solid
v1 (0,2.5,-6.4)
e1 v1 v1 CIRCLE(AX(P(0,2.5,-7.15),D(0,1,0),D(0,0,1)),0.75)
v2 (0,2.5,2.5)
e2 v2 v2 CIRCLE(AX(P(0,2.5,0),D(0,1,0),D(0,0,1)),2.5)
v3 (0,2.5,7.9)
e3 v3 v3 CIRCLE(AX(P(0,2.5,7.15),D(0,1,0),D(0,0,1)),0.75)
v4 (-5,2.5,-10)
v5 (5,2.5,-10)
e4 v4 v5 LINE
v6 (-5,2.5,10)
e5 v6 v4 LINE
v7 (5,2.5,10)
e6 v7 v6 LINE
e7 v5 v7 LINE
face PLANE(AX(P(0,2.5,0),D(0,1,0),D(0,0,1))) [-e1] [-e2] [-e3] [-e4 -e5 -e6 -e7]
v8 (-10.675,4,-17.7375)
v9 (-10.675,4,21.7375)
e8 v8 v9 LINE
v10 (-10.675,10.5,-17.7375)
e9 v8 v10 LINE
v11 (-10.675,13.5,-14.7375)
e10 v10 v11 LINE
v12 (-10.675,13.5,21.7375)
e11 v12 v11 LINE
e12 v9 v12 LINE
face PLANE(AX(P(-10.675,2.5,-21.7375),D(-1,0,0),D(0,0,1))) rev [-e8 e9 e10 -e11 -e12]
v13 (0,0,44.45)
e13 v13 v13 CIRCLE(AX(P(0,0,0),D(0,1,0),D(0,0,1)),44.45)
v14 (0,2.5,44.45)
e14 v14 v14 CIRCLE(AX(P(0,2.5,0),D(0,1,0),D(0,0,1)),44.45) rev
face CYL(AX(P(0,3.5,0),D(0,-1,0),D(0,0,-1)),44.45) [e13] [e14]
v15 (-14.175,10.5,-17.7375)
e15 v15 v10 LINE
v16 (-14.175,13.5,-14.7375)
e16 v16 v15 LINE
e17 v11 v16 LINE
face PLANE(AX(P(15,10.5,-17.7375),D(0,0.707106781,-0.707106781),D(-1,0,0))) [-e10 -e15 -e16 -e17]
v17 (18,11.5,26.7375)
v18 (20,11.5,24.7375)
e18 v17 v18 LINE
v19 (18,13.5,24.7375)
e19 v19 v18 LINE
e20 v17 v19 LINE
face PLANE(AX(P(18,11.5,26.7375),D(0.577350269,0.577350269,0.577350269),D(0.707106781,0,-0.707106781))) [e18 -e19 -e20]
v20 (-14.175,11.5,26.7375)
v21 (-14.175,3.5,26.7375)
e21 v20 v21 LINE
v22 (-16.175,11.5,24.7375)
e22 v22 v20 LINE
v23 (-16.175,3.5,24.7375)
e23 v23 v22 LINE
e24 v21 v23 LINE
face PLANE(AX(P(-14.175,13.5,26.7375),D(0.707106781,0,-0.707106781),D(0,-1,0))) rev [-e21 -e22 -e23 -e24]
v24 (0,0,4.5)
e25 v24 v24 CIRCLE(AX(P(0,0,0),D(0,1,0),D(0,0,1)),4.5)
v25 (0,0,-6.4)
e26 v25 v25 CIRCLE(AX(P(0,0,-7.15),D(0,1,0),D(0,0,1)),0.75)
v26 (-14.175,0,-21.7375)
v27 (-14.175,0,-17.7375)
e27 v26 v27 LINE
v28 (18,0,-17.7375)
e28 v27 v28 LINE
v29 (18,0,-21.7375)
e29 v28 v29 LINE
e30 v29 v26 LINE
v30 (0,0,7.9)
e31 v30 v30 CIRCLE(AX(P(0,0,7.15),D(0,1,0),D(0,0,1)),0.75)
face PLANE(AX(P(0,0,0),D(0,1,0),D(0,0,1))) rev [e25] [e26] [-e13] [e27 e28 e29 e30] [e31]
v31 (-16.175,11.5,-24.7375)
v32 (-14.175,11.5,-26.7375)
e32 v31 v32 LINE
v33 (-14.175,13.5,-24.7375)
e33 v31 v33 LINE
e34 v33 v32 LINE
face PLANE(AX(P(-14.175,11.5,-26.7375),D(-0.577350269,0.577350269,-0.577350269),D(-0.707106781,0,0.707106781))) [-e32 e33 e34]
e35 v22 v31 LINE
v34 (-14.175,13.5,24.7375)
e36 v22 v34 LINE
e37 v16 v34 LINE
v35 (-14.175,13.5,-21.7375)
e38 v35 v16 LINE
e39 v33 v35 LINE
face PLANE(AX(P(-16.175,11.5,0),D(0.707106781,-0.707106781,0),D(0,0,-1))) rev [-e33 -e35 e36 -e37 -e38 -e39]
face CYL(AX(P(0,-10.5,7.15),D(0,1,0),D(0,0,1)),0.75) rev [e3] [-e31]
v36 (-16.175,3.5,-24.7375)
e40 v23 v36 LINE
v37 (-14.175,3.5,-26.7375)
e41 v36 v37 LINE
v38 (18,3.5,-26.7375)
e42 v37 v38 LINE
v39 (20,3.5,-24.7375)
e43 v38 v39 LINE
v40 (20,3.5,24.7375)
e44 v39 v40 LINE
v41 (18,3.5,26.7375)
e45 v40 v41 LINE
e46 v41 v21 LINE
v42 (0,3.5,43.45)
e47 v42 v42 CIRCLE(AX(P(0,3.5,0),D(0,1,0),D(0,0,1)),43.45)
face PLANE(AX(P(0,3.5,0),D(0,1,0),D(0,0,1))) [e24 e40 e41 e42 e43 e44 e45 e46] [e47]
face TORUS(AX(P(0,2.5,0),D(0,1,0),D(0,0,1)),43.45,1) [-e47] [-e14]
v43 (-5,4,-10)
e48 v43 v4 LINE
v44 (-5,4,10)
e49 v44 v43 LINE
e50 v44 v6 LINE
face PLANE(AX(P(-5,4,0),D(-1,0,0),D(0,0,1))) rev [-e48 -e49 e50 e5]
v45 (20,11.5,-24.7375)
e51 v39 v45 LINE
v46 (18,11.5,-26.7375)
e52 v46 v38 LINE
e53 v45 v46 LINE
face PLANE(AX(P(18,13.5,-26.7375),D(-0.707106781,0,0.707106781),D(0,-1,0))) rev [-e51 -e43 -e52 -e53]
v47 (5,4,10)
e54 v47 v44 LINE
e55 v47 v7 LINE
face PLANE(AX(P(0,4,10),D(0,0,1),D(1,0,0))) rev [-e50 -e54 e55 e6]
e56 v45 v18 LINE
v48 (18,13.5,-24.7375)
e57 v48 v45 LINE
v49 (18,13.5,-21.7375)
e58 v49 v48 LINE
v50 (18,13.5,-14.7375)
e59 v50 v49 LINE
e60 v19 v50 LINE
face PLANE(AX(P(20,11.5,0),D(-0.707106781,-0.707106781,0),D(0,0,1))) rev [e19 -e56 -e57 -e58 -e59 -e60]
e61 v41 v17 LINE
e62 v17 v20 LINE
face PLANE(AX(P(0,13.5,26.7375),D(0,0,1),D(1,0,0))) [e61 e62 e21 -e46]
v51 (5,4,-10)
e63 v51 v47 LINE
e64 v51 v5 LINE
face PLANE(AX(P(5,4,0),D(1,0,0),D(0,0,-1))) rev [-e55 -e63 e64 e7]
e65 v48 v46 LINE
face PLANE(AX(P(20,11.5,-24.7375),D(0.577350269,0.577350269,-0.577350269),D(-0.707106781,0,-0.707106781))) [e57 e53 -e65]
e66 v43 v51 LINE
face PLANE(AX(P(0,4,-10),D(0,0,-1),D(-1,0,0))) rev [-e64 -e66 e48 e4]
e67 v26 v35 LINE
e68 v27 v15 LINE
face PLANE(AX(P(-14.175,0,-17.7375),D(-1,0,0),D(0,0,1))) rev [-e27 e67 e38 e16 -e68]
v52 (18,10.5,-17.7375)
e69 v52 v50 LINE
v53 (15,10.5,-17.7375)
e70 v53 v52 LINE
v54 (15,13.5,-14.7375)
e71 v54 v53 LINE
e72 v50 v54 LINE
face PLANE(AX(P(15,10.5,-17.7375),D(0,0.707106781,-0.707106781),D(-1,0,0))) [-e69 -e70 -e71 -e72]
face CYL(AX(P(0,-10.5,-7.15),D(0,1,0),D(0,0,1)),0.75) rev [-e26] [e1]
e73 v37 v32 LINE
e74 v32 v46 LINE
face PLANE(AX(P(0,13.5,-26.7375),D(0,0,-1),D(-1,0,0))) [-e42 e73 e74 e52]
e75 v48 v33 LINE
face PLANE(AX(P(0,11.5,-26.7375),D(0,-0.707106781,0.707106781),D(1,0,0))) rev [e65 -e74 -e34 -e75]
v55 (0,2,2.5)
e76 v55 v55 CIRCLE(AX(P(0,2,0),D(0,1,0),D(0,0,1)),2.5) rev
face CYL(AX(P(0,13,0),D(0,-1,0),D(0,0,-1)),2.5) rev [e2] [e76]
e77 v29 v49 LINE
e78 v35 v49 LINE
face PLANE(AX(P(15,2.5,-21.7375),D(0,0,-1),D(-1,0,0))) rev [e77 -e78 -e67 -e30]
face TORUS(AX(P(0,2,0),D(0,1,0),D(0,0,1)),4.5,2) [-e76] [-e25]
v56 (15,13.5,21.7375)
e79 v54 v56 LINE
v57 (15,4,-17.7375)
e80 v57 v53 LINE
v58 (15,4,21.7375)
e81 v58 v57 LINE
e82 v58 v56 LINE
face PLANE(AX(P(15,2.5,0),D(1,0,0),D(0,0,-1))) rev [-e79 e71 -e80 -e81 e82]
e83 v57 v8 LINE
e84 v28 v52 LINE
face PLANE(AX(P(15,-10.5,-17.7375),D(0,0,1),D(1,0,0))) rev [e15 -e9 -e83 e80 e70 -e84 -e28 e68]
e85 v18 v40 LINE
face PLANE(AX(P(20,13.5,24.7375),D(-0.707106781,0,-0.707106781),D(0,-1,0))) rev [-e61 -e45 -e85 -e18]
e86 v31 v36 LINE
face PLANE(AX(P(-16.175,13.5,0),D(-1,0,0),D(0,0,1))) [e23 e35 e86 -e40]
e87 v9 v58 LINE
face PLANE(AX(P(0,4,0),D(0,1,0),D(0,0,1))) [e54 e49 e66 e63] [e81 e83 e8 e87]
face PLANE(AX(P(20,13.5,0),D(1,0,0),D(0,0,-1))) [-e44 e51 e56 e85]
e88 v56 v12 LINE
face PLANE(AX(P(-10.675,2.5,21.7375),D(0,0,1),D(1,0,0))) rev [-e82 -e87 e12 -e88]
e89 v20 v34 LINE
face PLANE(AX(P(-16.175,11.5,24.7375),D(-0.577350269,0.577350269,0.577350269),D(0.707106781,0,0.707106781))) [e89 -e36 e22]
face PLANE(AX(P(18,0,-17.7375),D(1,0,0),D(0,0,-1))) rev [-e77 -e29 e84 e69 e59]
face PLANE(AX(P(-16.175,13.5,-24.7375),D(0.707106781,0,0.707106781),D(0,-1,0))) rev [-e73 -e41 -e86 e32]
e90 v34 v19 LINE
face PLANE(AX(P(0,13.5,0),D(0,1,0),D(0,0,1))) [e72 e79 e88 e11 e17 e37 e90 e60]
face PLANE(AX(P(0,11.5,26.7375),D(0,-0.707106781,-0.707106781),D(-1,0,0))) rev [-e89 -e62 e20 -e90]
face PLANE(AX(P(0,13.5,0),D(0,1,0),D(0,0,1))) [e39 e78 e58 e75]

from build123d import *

# Parameters (mm, degrees)
SKETCH1_R           = 44.45
BOSS_EXTRUDE1_DEPTH = 3.5
CUT_EXTRUDE1_DEPTH  = 1
SKETCH3_W           = 25.675
SKETCH3_H           = 43.475
BOSS_EXTRUDE2_DEPTH = 10
SKETCH4_W           = 25.675
SKETCH4_H           = 4
CUT_EXTRUDE2_DEPTH  = 13
SKETCH5_R           = 0.75
CUT_EXTRUDE3_DEPTH  = 13
SKETCH6_R           = 2.5
CUT_EXTRUDE4_DEPTH  = 13
FILLET1_R           = 1
CHAMFER1_SIZE       = 2
FILLET2_R           = 2
SKETCH8_W           = 3.5
SKETCH8_H           = 4
CUT_EXTRUDE6_DEPTH  = 14.5000001
SKETCH10_W          = 3
SKETCH10_H          = 4
CUT_EXTRUDE7_DEPTH  = 14.5000001
CHAMFER2_SIZE       = 3
SKETCH11_W          = 25.675
SKETCH11_H          = 39.475
BOSS_EXTRUDE3_DEPTH = 1.5


with BuildPart() as part:
    # Sketch1 → Boss-Extrude1 (new body)
    with BuildSketch(Plane(origin=(0, 0, 0), x_dir=(1, 0, 0), z_dir=(0, 1, 0))):
        Circle(SKETCH1_R)
    extrude(amount=BOSS_EXTRUDE1_DEPTH)

    # Sketch2 → Cut-Extrude1 (cut)
    with BuildSketch(Plane(origin=(0, 3.5, 0), x_dir=(1, 0, 0), z_dir=(0, 1, 0))):
        Polygon((15, 0), (15, -21.7375), (-10.675, -21.7375), (-10.675, 21.7375), (15, 21.7375), align=None)
    extrude(amount=-CUT_EXTRUDE1_DEPTH, mode=Mode.SUBTRACT)

    # Sketch3 → Boss-Extrude2 (add)
    with BuildSketch(Plane(origin=(0, 3.5, 0), x_dir=(1, 0, 0), z_dir=(0, 1, 0))):
        Polygon((20, -26.7375), (15, -26.7375), (-16.175, -26.7375), (-16.175, 26.7375), (20, 26.7375), align=None)
        with Locations((2.1625, 0)):
            Rectangle(SKETCH3_W, SKETCH3_H, mode=Mode.SUBTRACT)
    extrude(amount=BOSS_EXTRUDE2_DEPTH)

    # Sketch4 → Cut-Extrude2 (cut)
    with BuildSketch(Plane(origin=(0, 2.5, 0), x_dir=(1, 0, 0), z_dir=(0, 1, 0))):
        with Locations((2.1625, 19.7375)):
            Rectangle(SKETCH4_W, SKETCH4_H)
    extrude(amount=-CUT_EXTRUDE2_DEPTH, mode=Mode.SUBTRACT)

    # Sketch5 → Cut-Extrude3 (cut)
    with BuildSketch(Plane(origin=(0, 2.5, 0), x_dir=(1, 0, 0), z_dir=(0, 1, 0))):
        with Locations((0, -7.15)):
            Circle(SKETCH5_R)
        with Locations((0, 7.15)):
            Circle(SKETCH5_R)
    extrude(amount=-CUT_EXTRUDE3_DEPTH, mode=Mode.SUBTRACT)

    # Sketch6 → Cut-Extrude4 (cut)
    with BuildSketch(Plane.XZ):
        Circle(SKETCH6_R)
    extrude(amount=-CUT_EXTRUDE4_DEPTH, mode=Mode.SUBTRACT)

    # Fillet1
    fillet1_edges = [part.edges().sort_by_distance(p)[0] for p in [
        (-44.45, 3.5, 0),
    ]]
    fillet(fillet1_edges, radius=FILLET1_R)

    # Chamfer1
    chamfer1_edges = [part.edges().sort_by_distance(p)[0] for p in [
        (1.9125, 13.5, 26.7375),
        (-16.175, 8.5, 26.7375),
        (20, 13.5, 0),
        (20, 8.5, 26.7375),
        (1.9125, 13.5, -26.7375),
        (20, 8.5, -26.7375),
        (-16.175, 13.5, 0),
        (-16.175, 8.5, -26.7375),
    ]]
    chamfer(chamfer1_edges, length=CHAMFER1_SIZE)

    # Fillet2
    fillet2_edges = [part.edges().sort_by_distance(p)[0] for p in [
        (-2.5, 0, 0),
    ]]
    fillet(fillet2_edges, radius=FILLET2_R)

    # Sketch8 → Cut-Extrude6 (cut, through all)
    with BuildSketch(Plane(origin=(0, 13.5, 0), x_dir=(1, 0, 0), z_dir=(0, 1, 0))):
        with Locations((-12.425, 19.7375)):
            Rectangle(SKETCH8_W, SKETCH8_H)
    extrude(amount=-CUT_EXTRUDE6_DEPTH, mode=Mode.SUBTRACT)

    # Sketch10 → Cut-Extrude7 (cut, through all)
    with BuildSketch(Plane(origin=(0, 13.5, 0), x_dir=(1, 0, 0), z_dir=(0, 1, 0))):
        with Locations((16.5, 19.7375)):
            Rectangle(SKETCH10_W, SKETCH10_H)
    extrude(amount=-CUT_EXTRUDE7_DEPTH, mode=Mode.SUBTRACT)

    # Chamfer2
    chamfer2_edges = [part.edges().sort_by_distance(p)[0] for p in [
        (-12.425, 13.5, -17.7375),
        (16.5, 13.5, -17.7375),
    ]]
    chamfer(chamfer2_edges, length=CHAMFER2_SIZE)

    # Sketch11 → Boss-Extrude3 (add)
    with BuildSketch(Plane(origin=(0, 2.5, 0), x_dir=(1, 0, 0), z_dir=(0, 1, 0))):
        with Locations((2.1625, -2)):
            Rectangle(SKETCH11_W, SKETCH11_H)
        Polygon((-5, 10), (5, 10), (5, 0), (5, -10), (-5, -10), align=None, mode=Mode.SUBTRACT)
    extrude(amount=BOSS_EXTRUDE3_DEPTH)


solid = part.part
